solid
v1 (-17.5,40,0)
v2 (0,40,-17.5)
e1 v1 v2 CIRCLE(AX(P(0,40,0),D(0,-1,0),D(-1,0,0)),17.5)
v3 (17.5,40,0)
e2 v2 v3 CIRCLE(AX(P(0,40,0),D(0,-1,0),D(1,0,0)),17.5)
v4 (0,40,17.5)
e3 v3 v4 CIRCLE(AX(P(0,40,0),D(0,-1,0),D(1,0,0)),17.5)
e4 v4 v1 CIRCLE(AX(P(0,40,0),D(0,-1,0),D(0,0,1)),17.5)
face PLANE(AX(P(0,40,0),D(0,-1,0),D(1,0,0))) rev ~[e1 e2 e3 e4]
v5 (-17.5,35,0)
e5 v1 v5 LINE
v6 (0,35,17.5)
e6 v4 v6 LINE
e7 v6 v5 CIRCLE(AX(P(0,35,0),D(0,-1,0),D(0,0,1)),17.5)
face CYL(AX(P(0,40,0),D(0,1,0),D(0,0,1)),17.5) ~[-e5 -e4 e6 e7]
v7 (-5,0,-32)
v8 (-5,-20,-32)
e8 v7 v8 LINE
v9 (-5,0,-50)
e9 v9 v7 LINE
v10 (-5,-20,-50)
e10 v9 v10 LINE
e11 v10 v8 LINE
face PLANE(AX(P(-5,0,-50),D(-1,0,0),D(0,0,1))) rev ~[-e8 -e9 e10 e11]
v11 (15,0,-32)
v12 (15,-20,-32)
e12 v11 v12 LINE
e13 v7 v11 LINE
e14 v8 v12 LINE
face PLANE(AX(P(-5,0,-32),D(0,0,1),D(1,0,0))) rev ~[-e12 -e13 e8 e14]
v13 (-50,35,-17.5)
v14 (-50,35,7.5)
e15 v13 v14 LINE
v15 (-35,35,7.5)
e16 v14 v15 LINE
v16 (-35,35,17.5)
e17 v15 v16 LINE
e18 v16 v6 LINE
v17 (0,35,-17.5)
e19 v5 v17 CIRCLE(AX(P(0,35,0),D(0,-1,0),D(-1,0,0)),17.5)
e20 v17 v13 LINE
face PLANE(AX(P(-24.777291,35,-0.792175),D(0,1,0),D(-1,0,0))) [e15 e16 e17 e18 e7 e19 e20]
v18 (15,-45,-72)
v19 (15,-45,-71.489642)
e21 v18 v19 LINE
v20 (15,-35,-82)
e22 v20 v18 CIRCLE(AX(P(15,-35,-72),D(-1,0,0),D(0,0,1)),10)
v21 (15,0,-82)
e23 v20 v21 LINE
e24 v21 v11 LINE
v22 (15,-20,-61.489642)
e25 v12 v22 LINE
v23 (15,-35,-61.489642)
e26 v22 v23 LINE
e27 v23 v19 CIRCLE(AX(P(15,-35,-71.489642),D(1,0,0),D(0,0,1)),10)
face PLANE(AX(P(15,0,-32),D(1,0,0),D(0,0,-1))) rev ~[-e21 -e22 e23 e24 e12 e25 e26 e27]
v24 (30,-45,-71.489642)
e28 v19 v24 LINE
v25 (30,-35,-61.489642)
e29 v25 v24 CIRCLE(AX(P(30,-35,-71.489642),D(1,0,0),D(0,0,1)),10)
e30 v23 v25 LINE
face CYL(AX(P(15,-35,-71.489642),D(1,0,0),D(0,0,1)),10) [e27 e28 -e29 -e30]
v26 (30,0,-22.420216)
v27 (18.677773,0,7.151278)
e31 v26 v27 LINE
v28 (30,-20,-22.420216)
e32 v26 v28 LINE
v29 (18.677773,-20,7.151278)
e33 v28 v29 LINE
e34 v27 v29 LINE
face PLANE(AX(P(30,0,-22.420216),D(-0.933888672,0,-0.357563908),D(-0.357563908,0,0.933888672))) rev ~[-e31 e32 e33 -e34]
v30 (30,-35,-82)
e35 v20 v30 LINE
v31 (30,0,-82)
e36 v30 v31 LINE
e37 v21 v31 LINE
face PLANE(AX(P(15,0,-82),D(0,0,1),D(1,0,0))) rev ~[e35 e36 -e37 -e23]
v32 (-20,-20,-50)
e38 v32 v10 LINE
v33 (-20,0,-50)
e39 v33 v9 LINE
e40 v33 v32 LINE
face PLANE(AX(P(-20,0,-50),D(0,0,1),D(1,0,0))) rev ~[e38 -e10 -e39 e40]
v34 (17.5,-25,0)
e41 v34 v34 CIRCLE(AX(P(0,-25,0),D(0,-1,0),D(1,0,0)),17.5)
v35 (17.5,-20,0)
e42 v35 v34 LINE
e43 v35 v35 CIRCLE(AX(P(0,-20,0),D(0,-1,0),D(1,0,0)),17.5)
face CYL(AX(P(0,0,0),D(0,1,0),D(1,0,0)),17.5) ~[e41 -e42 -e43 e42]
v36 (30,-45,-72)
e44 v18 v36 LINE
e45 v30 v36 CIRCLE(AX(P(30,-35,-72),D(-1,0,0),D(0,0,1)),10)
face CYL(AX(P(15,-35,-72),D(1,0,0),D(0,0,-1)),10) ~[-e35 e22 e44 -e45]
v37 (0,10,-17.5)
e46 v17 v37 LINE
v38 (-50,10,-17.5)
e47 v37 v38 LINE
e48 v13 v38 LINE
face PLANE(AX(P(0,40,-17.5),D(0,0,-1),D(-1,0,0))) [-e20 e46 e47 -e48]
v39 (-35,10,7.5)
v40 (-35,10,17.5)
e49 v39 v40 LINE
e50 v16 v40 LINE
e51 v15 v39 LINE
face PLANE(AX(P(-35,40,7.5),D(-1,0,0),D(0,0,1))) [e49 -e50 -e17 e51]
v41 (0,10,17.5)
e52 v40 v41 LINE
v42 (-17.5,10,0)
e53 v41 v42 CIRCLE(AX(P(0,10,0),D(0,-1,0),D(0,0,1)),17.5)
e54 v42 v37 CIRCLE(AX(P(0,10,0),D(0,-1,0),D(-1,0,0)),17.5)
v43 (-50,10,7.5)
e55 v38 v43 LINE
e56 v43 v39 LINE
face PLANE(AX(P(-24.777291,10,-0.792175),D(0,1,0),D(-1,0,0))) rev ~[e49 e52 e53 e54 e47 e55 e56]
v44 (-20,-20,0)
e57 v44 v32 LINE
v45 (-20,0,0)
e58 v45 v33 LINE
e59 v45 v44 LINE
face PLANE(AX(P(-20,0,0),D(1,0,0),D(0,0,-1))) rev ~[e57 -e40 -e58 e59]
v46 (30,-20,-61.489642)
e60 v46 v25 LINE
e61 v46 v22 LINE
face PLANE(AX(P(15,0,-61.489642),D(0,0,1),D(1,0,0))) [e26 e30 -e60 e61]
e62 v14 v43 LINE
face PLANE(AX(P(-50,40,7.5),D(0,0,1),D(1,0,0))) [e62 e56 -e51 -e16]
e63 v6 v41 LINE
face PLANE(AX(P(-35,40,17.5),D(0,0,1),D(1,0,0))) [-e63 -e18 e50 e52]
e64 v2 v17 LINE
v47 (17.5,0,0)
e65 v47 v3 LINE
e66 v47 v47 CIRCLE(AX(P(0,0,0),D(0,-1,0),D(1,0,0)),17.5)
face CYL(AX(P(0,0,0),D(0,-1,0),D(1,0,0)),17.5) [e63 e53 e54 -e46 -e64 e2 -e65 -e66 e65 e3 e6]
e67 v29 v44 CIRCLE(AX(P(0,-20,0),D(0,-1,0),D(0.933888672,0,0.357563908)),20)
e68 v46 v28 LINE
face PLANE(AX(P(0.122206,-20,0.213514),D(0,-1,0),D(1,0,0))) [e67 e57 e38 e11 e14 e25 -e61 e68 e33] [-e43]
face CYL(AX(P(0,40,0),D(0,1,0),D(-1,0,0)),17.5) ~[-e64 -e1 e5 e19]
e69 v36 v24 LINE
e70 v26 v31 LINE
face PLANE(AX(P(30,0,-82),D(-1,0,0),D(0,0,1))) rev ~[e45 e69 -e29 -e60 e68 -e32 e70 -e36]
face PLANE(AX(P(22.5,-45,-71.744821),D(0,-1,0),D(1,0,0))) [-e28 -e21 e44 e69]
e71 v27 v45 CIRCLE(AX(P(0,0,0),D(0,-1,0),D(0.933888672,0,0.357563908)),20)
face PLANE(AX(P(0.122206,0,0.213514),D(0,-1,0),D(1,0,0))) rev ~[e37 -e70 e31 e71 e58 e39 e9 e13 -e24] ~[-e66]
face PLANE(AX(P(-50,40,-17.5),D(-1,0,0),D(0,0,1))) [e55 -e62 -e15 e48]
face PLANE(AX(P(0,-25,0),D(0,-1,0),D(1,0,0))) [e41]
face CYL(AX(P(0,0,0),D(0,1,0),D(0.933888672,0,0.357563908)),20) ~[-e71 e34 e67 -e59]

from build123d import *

# Parameters (mm, degrees)
F0_R     = 17.5
F0_W     = 15
F0_H     = 20.5103583336
F1_DEPTH = 20
F2_DEPTH = 45
F3_DEPTH = 25
F4_DEPTH = 40
F5_R     = 10
F7_DEPTH = 30
F8_DEPTH = 5


with BuildPart() as f1:
    # F0 (on Front) → F1 (new body)
    with BuildSketch(Plane.XZ):
        with BuildLine():
            ThreePointArc((-20, 0), (0, -20), (20, 0))
            ThreePointArc((20, 0), (19.6666655648, 3.6362433309), (18.6777734439, 7.1512781501))
            ThreePointArc((18.6777734439, 7.1512781501), (-3.6362433309, 19.6666655648), (-20, 0))
        make_face()
        Circle(F0_R, mode=Mode.SUBTRACT)
        with BuildLine():
            ThreePointArc((18.6777734439, 7.1512781501), (19.6666655648, 3.6362433309), (20, 0))
            ThreePointArc((20, 0), (0, -20), (-20, 0))
            Line((-20, 0), (-20, -50))
            Line((-20, -50), (-5, -50))
            Line((-5, -50), (-5, -32))
            Line((-5, -32), (15, -32))
            Line((15, -32), (15, -61.4896416664))
            Line((15, -61.4896416664), (30, -61.4896416664))
            Line((30, -61.4896416664), (30, -22.4202163517))
            Line((30, -22.4202163517), (18.6777734439, 7.1512781501))
        make_face()
        with Locations((22.5, -71.7448208332)):
            Rectangle(F0_W, F0_H)
    extrude(amount=F1_DEPTH)

    # F0 (on Front) → F2 (join)
    with BuildSketch(Plane.XZ):
        with Locations((22.5, -71.7448208332)):
            Rectangle(F0_W, F0_H)
    extrude(amount=F2_DEPTH)

    # F0 (on Front) → F3 (join)
    with BuildSketch(Plane.XZ):
        Circle(F0_R)
    extrude(amount=F3_DEPTH)

    # F0 (on Front) → F4 (join)
    with BuildSketch(Plane.XZ):
        Circle(F0_R)
    extrude(amount=-F4_DEPTH)

    # F5
    f5_edges = [f1.edges().sort_by_distance(p)[0] for p in [
        (22.5, -45, -61.489642),
        (22.5, -45, -82),
    ]]
    fillet(f5_edges, radius=F5_R)

    # F6 (on face) → F7 (join)
    with BuildSketch(Plane(origin=(0, 40, 0), x_dir=(-1, 0, 0), z_dir=(0, 1, 0))):
        with BuildLine():
            Line((35, 17.5), (0, 17.5))
            ThreePointArc((0, 17.5), (12.3743686708, 12.3743686708), (17.5, 0))
            ThreePointArc((17.5, 0), (12.3743686708, -12.3743686708), (0, -17.5))
            Line((0, -17.5), (50, -17.5))
            Line((50, -17.5), (50, 7.5))
            Line((50, 7.5), (35, 7.5))
            Line((35, 7.5), (35, 17.5))
        make_face()
    extrude(amount=-F7_DEPTH)

    # F6 (on face) → F8 (cut)
    with BuildSketch(Plane(origin=(0, 40, 0), x_dir=(-1, 0, 0), z_dir=(0, 1, 0))):
        with BuildLine():
            Line((35, 17.5), (0, 17.5))
            ThreePointArc((0, 17.5), (12.3743686708, 12.3743686708), (17.5, 0))
            ThreePointArc((17.5, 0), (12.3743686708, -12.3743686708), (0, -17.5))
            Line((0, -17.5), (50, -17.5))
            Line((50, -17.5), (50, 7.5))
            Line((50, 7.5), (35, 7.5))
            Line((35, 7.5), (35, 17.5))
        make_face()
    extrude(amount=-F8_DEPTH, mode=Mode.SUBTRACT)


solid = f1.part
